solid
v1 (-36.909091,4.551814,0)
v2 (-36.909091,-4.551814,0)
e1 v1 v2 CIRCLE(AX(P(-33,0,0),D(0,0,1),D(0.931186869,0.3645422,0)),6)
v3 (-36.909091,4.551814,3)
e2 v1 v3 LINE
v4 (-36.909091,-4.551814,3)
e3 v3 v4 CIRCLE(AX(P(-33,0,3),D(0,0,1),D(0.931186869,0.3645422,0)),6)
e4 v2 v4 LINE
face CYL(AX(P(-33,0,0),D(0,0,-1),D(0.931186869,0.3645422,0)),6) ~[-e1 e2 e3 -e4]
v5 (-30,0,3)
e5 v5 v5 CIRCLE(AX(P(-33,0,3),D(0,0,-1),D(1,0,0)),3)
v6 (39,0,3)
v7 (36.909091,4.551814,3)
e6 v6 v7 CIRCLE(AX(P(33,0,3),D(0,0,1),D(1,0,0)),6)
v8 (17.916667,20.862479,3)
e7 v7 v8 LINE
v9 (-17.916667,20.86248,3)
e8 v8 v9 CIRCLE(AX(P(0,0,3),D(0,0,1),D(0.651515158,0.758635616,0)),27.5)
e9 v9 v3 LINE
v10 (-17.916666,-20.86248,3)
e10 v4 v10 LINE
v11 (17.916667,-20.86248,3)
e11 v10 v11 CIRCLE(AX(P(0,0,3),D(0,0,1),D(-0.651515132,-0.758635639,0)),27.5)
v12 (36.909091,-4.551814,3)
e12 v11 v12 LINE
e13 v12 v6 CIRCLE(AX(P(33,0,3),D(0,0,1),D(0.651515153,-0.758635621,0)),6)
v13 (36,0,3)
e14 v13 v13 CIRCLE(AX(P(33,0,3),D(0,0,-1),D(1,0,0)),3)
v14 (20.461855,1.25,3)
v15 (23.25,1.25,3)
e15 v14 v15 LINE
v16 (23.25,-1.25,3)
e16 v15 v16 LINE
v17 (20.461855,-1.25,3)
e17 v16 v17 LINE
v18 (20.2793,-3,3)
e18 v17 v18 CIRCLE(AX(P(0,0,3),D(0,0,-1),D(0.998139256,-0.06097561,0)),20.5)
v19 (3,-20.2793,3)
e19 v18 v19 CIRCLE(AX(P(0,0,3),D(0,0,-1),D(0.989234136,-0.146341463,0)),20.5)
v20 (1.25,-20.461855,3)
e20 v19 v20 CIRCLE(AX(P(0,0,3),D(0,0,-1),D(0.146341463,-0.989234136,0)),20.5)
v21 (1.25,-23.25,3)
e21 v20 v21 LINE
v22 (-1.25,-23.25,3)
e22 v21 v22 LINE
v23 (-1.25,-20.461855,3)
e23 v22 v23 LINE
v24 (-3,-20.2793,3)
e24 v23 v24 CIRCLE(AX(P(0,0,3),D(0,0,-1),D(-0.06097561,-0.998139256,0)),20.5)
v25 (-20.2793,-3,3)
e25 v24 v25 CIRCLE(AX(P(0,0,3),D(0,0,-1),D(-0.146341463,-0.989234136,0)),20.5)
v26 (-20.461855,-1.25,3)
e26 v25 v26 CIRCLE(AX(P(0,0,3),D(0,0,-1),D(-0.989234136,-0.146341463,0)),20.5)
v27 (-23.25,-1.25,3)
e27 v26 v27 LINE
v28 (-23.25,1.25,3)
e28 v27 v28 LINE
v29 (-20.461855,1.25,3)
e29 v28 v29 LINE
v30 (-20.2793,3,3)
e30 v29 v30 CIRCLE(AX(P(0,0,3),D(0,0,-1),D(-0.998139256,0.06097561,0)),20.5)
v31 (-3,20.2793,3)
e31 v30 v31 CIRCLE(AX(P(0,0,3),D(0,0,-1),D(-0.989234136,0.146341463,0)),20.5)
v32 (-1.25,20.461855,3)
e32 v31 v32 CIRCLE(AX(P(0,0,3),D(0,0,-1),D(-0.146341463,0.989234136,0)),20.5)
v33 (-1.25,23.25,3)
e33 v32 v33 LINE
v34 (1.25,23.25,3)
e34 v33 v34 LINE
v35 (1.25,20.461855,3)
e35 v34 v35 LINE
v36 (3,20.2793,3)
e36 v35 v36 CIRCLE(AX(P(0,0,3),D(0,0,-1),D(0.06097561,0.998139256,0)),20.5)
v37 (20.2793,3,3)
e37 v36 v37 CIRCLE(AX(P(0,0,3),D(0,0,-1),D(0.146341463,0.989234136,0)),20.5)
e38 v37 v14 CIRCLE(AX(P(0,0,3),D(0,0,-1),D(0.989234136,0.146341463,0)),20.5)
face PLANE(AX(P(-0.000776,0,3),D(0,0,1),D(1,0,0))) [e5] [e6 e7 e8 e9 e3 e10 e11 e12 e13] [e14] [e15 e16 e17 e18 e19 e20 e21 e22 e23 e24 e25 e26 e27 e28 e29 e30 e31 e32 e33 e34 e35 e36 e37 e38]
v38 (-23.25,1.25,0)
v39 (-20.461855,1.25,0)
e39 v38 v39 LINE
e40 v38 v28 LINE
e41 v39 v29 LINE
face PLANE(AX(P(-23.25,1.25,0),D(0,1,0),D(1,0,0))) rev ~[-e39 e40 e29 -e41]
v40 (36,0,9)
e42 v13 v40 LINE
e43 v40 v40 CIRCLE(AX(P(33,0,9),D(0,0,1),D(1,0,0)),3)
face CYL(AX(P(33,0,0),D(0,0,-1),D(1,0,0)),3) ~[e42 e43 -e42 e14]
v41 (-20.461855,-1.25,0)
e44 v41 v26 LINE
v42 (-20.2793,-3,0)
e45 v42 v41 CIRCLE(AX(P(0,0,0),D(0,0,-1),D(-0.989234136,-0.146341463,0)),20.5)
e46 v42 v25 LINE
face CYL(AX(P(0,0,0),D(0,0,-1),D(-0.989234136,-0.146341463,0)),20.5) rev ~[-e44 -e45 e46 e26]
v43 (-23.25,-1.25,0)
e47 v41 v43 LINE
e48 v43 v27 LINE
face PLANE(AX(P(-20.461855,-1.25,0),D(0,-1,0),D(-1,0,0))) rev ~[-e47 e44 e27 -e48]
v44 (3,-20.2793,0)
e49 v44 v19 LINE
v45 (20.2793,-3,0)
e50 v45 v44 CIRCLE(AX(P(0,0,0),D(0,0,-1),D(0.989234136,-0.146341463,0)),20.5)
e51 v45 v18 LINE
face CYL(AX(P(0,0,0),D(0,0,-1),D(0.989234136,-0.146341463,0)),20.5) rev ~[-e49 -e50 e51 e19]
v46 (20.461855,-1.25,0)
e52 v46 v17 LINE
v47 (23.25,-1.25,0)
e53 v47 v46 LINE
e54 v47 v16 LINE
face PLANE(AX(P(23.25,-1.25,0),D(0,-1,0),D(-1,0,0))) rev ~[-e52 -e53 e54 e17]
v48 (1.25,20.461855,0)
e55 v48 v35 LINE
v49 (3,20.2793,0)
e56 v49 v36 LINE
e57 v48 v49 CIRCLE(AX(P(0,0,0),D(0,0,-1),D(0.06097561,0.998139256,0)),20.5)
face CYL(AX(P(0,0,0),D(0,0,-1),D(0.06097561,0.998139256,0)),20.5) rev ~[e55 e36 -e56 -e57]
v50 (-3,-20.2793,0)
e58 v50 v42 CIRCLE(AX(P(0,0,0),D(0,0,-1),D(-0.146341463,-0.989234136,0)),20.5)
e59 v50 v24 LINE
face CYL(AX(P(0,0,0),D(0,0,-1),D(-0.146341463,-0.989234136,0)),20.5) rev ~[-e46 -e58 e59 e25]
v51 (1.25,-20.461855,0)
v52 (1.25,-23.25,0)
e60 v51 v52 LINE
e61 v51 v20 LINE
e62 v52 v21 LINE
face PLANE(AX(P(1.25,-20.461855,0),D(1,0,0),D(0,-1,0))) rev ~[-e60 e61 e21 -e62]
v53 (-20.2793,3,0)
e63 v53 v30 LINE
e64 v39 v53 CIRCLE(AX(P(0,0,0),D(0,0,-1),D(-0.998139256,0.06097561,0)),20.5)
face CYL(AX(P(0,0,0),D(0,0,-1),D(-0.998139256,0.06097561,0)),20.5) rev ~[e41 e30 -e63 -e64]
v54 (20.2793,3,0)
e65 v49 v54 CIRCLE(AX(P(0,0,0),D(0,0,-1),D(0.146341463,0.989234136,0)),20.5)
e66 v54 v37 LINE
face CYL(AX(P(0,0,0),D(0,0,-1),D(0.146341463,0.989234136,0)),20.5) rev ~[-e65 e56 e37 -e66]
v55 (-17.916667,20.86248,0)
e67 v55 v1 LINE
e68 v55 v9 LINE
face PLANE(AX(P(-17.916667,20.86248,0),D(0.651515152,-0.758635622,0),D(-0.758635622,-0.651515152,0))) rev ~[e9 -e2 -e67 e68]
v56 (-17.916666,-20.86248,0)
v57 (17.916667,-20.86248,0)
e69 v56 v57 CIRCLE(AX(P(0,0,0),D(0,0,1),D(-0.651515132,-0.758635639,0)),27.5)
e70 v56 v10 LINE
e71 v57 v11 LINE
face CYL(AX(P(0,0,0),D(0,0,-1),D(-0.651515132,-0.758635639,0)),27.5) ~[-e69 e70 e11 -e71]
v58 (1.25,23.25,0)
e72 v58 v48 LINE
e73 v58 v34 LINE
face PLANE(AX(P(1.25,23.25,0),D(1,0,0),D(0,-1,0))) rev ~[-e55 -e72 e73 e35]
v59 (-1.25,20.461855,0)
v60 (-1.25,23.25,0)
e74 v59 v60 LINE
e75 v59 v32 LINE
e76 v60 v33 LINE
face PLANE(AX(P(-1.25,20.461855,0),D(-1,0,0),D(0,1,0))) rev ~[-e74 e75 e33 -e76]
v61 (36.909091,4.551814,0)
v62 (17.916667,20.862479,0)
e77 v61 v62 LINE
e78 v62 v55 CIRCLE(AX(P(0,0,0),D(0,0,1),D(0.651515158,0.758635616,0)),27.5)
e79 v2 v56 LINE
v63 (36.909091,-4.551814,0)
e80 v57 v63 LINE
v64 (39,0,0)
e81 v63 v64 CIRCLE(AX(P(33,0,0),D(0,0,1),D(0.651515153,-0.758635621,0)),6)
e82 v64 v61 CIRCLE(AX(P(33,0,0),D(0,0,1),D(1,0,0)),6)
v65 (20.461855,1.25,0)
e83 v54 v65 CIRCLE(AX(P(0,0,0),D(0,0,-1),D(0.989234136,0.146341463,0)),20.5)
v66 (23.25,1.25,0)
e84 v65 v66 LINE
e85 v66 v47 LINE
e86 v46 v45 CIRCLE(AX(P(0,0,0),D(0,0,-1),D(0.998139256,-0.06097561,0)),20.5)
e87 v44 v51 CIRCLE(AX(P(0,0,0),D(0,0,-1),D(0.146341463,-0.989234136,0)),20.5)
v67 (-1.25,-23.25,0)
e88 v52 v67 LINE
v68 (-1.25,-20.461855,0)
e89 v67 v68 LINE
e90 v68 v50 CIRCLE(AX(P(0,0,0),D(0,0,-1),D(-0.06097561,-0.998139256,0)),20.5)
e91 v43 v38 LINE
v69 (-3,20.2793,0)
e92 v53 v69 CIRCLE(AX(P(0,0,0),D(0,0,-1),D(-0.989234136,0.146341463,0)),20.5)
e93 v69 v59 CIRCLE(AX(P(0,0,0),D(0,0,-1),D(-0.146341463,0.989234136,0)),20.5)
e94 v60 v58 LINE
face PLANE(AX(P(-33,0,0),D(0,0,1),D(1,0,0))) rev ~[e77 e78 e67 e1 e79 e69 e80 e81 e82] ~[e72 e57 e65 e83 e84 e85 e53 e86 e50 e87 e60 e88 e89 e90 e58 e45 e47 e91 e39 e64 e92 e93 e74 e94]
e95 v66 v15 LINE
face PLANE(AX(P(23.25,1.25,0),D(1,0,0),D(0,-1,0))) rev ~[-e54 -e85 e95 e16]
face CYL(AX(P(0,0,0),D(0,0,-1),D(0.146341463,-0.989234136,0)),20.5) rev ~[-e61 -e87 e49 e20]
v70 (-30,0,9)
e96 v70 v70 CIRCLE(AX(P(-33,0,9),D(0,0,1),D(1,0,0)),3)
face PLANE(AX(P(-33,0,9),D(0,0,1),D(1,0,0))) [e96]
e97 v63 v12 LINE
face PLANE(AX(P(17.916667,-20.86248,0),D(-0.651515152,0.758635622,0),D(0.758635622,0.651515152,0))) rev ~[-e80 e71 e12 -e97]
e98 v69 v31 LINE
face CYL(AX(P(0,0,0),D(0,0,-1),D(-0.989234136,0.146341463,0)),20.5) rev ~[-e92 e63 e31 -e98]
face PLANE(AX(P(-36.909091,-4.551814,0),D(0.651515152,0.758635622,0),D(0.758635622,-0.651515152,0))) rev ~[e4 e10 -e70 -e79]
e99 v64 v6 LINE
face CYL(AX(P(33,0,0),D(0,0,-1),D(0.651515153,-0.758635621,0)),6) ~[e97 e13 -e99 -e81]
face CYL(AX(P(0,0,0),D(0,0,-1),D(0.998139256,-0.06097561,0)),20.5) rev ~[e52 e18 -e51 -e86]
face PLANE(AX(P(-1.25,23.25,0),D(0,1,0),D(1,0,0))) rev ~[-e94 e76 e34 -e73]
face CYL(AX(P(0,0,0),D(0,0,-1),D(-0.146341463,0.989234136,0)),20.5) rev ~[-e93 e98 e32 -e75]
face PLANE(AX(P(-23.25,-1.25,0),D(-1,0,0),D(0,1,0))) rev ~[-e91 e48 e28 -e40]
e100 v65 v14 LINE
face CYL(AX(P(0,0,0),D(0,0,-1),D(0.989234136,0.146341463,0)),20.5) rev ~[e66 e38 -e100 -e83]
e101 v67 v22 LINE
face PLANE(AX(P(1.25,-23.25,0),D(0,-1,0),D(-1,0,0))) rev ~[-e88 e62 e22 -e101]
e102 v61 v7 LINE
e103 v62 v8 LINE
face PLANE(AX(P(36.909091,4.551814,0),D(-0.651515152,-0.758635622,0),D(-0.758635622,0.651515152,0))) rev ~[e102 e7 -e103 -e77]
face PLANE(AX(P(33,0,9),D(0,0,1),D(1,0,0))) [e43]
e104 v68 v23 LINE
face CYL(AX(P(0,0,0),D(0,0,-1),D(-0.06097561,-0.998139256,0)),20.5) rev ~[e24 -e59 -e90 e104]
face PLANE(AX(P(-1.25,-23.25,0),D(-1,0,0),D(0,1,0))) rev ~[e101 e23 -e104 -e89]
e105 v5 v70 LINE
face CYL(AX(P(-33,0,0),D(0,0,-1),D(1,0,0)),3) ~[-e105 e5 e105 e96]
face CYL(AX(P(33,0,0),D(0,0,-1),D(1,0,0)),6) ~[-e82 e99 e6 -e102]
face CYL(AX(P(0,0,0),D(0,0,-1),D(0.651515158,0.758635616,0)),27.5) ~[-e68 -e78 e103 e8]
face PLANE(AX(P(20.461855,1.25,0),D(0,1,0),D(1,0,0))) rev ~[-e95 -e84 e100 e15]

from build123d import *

# Parameters (mm, degrees)
F0_R     = 3
F1_DEPTH = 3
F2_DEPTH = 9


with BuildPart() as f1:
    # F0 (on Top) → F1 (new body)
    with BuildSketch(Plane.XY):
        with BuildLine():
            ThreePointArc((27.4128787879, -2.1872532), (27, 0), (27.4128787879, 2.1872532))
            ThreePointArc((27.4128787879, 2.1872532), (24.5129138593, 12.4646321295), (17.916666852, 20.8624794527))
            ThreePointArc((17.916666852, 20.8624794527), (2.047e-07, 27.5), (-17.9166665414, 20.8624797195))
            ThreePointArc((-17.9166665414, 20.8624797195), (-24.5129137666, 12.464632312), (-27.4128787879, 2.1872532))
            ThreePointArc((-27.4128787879, 2.1872532), (-27.1041231665, 1.1129404133), (-27, 0))
            ThreePointArc((-27, 0), (-27.1041231665, -1.1129404133), (-27.4128787879, -2.1872532))
            ThreePointArc((-27.4128787879, -2.1872532), (-24.5129136468, -12.4646325475), (-17.9166661404, -20.8624800638))
            ThreePointArc((-17.9166661404, -20.8624800638), (2.794e-07, -27.5), (17.9166665643, -20.8624796998))
            ThreePointArc((17.9166665643, -20.8624796998), (24.5129137734, -12.4646322985), (27.4128787879, -2.1872532))
        make_face()
        with BuildLine():
            ThreePointArc((3, 20.2792997907), (14.4956890143, 14.4956890143), (20.2792997907, 3))
            Line((20.2792997907, 3), (25, 3))
            Line((25, 3), (25, -3))
            Line((25, -3), (20.2792997907, -3))
            ThreePointArc((20.2792997907, -3), (14.4956890143, -14.4956890143), (3, -20.2792997907))
            Line((3, -20.2792997907), (3, -25))
            Line((3, -25), (-3, -25))
            Line((-3, -25), (-3, -20.2792997907))
            ThreePointArc((-3, -20.2792997907), (-14.4956890143, -14.4956890143), (-20.2792997907, -3))
            Line((-20.2792997907, -3), (-25, -3))
            Line((-25, -3), (-25, 3))
            Line((-25, 3), (-20.2792997907, 3))
            ThreePointArc((-20.2792997907, 3), (-14.4956890143, 14.4956890143), (-3, 20.2792997907))
            Line((-3, 20.2792997907), (-3, 25))
            Line((-3, 25), (3, 25))
            Line((3, 25), (3, 20.2792997907))
        make_face(mode=Mode.SUBTRACT)
        with BuildLine():
            ThreePointArc((-27.4128787879, 2.1872532), (-24.5129137666, 12.464632312), (-17.9166665414, 20.8624797195))
            Line((-17.9166665414, 20.8624797195), (-36.9090909114, 4.5518137315))
            ThreePointArc((-36.9090909114, 4.5518137315), (-31.5502644899, 5.8222218225), (-27.4128787879, 2.1872532))
        make_face()
        with BuildLine():
            ThreePointArc((-27.4128787879, -2.1872532), (-27.5, 0), (-27.4128787879, 2.1872532))
            ThreePointArc((-27.4128787879, 2.1872532), (-31.5502644899, 5.8222218225), (-36.9090909114, 4.5518137315))
            ThreePointArc((-36.9090909114, 4.5518137315), (-39, 5.6e-09), (-36.9090909199, -4.5518137242))
            ThreePointArc((-36.9090909199, -4.5518137242), (-31.5502644953, -5.8222218239), (-27.4128787879, -2.1872532))
        make_face()
        with Locations((-33, 0)):
            Circle(F0_R, mode=Mode.SUBTRACT)
        with Locations((-33, 0)):
            Circle(F0_R)
        with BuildLine():
            Line((-36.9090909199, -4.5518137242), (-17.9166661404, -20.8624800638))
            ThreePointArc((-17.9166661404, -20.8624800638), (-24.5129136468, -12.4646325475), (-27.4128787879, -2.1872532))
            ThreePointArc((-27.4128787879, -2.1872532), (-31.5502644953, -5.8222218239), (-36.9090909199, -4.5518137242))
        make_face()
        with BuildLine():
            ThreePointArc((27.4128787879, 2.1872532), (27.478211065, 1.0944937947), (27.5, 0))
            ThreePointArc((27.5, 0), (27.478211065, -1.0944937947), (27.4128787879, -2.1872532))
            ThreePointArc((27.4128787879, -2.1872532), (31.5502644944, -5.8222218236), (36.9090909184, -4.5518137255))
            ThreePointArc((36.9090909184, -4.5518137255), (38.4522722562, -2.5045413242), (39, 0))
            ThreePointArc((39, 0), (38.4522722545, 2.5045413278), (36.9090909125, 4.5518137306))
            ThreePointArc((36.9090909125, 4.5518137306), (31.5502644906, 5.8222218227), (27.4128787879, 2.1872532))
        make_face()
        with Locations((33, 0)):
            Circle(F0_R, mode=Mode.SUBTRACT)
        with Locations((33, 0)):
            Circle(F0_R)
        with BuildLine():
            ThreePointArc((36.9090909184, -4.5518137255), (31.5502644944, -5.8222218236), (27.4128787879, -2.1872532))
            ThreePointArc((27.4128787879, -2.1872532), (24.5129137734, -12.4646322985), (17.9166665643, -20.8624796998))
            Line((17.9166665643, -20.8624796998), (36.9090909184, -4.5518137255))
        make_face()
        with BuildLine():
            ThreePointArc((17.916666852, 20.8624794527), (24.5129138593, 12.4646321295), (27.4128787879, 2.1872532))
            ThreePointArc((27.4128787879, 2.1872532), (31.5502644906, 5.8222218227), (36.9090909125, 4.5518137306))
            Line((36.9090909125, 4.5518137306), (17.916666852, 20.8624794527))
        make_face()
        with BuildLine():
            ThreePointArc((27.4128787879, -2.1872532), (27.478211065, -1.0944937947), (27.5, 0))
            ThreePointArc((27.5, 0), (27.478211065, 1.0944937947), (27.4128787879, 2.1872532))
            ThreePointArc((27.4128787879, 2.1872532), (27, 0), (27.4128787879, -2.1872532))
        make_face()
        with BuildLine():
            ThreePointArc((-27, 0), (-27.1041231665, 1.1129404133), (-27.4128787879, 2.1872532))
            ThreePointArc((-27.4128787879, 2.1872532), (-27.5, 0), (-27.4128787879, -2.1872532))
            ThreePointArc((-27.4128787879, -2.1872532), (-27.1041231665, -1.1129404133), (-27, 0))
        make_face()
        with BuildLine():
            ThreePointArc((1.25, 20.4618547546), (2.126959468, 20.3893610351), (3, 20.2792997907))
            Line((3, 20.2792997907), (3, 25))
            Line((3, 25), (-3, 25))
            Line((-3, 25), (-3, 20.2792997907))
            ThreePointArc((-3, 20.2792997907), (-2.126959468, 20.3893610351), (-1.25, 20.4618547546))
            Line((-1.25, 20.4618547546), (-1.25, 23.25))
            Line((-1.25, 23.25), (1.25, 23.25))
            Line((1.25, 23.25), (1.25, 20.4618547546))
        make_face()
        with BuildLine():
            Line((-23.25, 1.25), (-20.4618547546, 1.25))
            ThreePointArc((-20.4618547546, 1.25), (-20.3893610351, 2.126959468), (-20.2792997907, 3))
            Line((-20.2792997907, 3), (-25, 3))
            Line((-25, 3), (-25, -3))
            Line((-25, -3), (-20.2792997907, -3))
            ThreePointArc((-20.2792997907, -3), (-20.3893610351, -2.126959468), (-20.4618547546, -1.25))
            Line((-20.4618547546, -1.25), (-23.25, -1.25))
            Line((-23.25, -1.25), (-23.25, 1.25))
        make_face()
        with BuildLine():
            Line((3, -25), (3, -20.2792997907))
            ThreePointArc((3, -20.2792997907), (2.126959468, -20.3893610351), (1.25, -20.4618547546))
            Line((1.25, -20.4618547546), (1.25, -23.25))
            Line((1.25, -23.25), (-1.25, -23.25))
            Line((-1.25, -23.25), (-1.25, -20.4618547546))
            ThreePointArc((-1.25, -20.4618547546), (-2.126959468, -20.3893610351), (-3, -20.2792997907))
            Line((-3, -20.2792997907), (-3, -25))
            Line((-3, -25), (3, -25))
        make_face()
        with BuildLine():
            ThreePointArc((20.2792997907, 3), (20.3893610351, 2.126959468), (20.4618547546, 1.25))
            Line((20.4618547546, 1.25), (23.25, 1.25))
            Line((23.25, 1.25), (23.25, -1.25))
            Line((23.25, -1.25), (20.4618547546, -1.25))
            ThreePointArc((20.4618547546, -1.25), (20.3893610351, -2.126959468), (20.2792997907, -3))
            Line((20.2792997907, -3), (25, -3))
            Line((25, -3), (25, 3))
            Line((25, 3), (20.2792997907, 3))
        make_face()
    extrude(amount=F1_DEPTH)

    # F0 (on Top) → F2 (join)
    with BuildSketch(Plane.XY):
        with Locations((-33, 0)):
            Circle(F0_R)
        with Locations((33, 0)):
            Circle(F0_R)
    extrude(amount=F2_DEPTH)


solid = f1.part
